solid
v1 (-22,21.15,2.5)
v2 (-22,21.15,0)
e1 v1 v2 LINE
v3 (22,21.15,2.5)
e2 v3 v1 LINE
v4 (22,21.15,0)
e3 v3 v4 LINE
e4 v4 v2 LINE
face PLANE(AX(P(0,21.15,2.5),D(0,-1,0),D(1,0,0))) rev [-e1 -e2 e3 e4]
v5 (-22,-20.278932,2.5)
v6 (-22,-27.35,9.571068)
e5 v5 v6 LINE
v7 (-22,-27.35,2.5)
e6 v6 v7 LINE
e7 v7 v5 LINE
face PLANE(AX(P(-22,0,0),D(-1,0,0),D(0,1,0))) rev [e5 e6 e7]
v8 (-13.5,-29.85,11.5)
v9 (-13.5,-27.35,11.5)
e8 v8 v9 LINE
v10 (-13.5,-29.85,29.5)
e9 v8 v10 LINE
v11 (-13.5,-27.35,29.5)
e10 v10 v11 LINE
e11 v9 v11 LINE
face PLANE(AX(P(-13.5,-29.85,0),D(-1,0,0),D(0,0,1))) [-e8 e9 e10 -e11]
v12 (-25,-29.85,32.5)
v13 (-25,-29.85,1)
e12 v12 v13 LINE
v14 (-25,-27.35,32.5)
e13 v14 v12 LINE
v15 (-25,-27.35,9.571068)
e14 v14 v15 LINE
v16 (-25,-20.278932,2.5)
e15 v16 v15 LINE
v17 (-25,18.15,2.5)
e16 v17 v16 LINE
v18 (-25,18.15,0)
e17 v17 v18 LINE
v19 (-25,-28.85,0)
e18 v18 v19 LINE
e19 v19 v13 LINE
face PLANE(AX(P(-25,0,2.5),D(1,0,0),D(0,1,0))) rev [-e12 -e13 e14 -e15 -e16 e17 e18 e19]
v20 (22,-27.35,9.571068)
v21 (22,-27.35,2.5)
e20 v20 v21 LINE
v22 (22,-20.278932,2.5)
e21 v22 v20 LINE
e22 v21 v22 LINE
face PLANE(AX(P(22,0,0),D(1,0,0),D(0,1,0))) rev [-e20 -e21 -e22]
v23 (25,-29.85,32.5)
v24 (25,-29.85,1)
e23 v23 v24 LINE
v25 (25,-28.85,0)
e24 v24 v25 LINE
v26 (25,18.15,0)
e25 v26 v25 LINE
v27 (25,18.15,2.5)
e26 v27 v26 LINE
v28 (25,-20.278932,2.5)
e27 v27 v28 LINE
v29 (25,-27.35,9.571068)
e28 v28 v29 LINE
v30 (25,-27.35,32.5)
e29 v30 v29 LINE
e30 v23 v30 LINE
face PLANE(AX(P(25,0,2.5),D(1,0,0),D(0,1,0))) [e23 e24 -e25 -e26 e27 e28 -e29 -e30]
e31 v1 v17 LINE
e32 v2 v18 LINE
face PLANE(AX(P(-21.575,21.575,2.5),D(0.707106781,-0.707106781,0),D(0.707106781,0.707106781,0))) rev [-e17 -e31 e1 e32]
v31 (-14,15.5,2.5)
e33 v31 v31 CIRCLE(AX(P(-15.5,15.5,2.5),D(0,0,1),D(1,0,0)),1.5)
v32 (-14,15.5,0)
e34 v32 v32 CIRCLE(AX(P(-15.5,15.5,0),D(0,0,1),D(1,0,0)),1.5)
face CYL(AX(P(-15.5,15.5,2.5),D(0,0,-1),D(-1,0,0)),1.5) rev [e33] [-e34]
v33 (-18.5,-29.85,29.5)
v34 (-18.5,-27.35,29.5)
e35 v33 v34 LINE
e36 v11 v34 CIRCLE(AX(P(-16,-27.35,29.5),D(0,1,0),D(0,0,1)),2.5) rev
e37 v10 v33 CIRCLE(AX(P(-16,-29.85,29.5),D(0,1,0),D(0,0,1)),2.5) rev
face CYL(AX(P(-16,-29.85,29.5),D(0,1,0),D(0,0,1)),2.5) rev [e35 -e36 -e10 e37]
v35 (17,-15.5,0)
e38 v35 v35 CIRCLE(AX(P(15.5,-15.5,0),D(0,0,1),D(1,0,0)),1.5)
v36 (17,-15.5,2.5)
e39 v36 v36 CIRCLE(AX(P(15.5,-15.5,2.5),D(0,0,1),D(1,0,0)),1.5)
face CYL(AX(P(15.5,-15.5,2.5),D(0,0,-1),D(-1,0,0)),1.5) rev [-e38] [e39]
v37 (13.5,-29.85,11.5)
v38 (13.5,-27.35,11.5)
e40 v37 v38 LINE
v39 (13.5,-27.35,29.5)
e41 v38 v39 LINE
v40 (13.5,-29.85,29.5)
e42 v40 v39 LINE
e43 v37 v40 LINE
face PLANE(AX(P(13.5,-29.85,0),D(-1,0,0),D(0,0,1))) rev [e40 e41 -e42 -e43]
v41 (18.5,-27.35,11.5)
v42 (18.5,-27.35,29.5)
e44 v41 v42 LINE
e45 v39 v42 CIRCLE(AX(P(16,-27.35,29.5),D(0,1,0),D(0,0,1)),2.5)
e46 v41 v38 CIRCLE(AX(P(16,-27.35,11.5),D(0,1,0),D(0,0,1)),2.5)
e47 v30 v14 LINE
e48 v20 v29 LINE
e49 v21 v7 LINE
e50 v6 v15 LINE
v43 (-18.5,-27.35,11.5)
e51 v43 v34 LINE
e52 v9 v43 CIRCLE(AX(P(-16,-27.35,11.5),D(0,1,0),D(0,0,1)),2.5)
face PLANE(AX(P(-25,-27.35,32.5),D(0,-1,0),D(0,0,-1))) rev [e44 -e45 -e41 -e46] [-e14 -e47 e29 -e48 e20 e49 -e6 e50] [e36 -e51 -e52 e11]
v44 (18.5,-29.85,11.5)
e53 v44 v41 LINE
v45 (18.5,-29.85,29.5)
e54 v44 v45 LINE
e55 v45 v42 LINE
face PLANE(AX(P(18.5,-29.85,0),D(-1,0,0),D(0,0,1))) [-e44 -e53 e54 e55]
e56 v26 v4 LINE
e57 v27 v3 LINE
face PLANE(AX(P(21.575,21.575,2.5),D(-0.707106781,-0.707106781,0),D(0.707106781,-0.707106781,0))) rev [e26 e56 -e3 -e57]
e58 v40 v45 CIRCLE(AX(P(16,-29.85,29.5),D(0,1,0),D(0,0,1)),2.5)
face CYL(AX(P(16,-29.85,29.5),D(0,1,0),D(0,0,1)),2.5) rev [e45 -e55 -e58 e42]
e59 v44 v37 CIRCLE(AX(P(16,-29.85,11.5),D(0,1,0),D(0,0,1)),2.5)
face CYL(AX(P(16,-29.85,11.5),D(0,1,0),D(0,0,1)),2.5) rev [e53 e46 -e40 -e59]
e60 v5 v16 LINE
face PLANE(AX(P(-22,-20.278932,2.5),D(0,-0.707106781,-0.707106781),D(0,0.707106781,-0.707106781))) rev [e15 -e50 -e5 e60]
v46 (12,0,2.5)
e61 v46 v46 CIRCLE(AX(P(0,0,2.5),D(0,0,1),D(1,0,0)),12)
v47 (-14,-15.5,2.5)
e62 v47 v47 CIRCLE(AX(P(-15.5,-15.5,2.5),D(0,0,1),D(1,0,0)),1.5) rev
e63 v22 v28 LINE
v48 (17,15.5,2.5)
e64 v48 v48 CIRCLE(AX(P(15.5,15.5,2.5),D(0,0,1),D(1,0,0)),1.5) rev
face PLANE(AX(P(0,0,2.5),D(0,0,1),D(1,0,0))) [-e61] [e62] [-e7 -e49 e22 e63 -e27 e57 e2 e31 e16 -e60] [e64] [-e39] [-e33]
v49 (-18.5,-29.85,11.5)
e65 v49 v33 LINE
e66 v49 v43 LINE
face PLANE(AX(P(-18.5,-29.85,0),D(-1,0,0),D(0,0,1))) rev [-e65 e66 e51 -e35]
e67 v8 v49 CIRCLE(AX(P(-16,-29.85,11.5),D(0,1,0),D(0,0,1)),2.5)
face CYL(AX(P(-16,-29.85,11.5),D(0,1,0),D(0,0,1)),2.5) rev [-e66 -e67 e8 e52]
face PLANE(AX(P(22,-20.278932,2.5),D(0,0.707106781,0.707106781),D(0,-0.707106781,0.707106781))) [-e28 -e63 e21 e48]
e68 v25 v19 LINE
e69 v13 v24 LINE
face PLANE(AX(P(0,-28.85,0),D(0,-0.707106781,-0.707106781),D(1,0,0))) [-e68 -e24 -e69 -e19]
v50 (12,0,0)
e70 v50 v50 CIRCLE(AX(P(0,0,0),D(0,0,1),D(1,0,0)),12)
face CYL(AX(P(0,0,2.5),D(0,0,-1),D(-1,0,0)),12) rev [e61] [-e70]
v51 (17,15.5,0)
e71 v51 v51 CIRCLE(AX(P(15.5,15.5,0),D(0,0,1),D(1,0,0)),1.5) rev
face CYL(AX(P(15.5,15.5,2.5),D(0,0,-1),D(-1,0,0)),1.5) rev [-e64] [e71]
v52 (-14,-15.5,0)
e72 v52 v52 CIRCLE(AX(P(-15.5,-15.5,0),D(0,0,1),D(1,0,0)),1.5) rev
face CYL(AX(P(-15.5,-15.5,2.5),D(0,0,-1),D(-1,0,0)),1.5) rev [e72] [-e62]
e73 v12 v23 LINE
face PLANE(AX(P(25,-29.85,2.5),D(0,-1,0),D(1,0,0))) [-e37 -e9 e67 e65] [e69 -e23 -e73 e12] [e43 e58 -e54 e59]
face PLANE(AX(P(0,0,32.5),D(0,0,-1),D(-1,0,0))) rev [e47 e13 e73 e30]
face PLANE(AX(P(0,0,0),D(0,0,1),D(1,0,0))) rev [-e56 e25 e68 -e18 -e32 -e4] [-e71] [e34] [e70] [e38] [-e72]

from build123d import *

# Parameters (mm, degrees)
SKETCH1_R           = 12
SKETCH1_R_2         = 1.5
BOSS_EXTRUDE1_DEPTH = 2.5
BOSS_EXTRUDE2_DEPTH = 2.5
SKETCH3_W           = 50
SKETCH3_H           = 2.5
BOSS_EXTRUDE3_DEPTH = 30
SKETCH4_W           = 5
SKETCH4_H           = 18
CUT_EXTRUDE1_DEPTH  = 3.5
BOSS_EXTRUDE4_DEPTH = 3
CHAMFER1_SIZE       = 1


with BuildPart() as part:
    # Sketch1 → Boss-Extrude1 (new body)
    with BuildSketch(Plane.XY):
        Polygon((25, 18.15), (22, 21.15), (-22, 21.15), (-25, 18.15), (-25, -23.85), (-22, -26.85), (22, -26.85), (25, -23.85), align=None)
        Circle(SKETCH1_R, mode=Mode.SUBTRACT)
        with Locations((-15.5, 15.5)):
            Circle(SKETCH1_R_2, mode=Mode.SUBTRACT)
        with Locations((15.5, 15.5)):
            Circle(SKETCH1_R_2, mode=Mode.SUBTRACT)
        with Locations((-15.5, -15.5)):
            Circle(SKETCH1_R_2, mode=Mode.SUBTRACT)
        with Locations((15.5, -15.5)):
            Circle(SKETCH1_R_2, mode=Mode.SUBTRACT)
    extrude(amount=BOSS_EXTRUDE1_DEPTH)

    # Sketch2 → Boss-Extrude2 (add)
    with BuildSketch(Plane(origin=(0, 0, 0), x_dir=(-1, 0, 0), z_dir=(0, 0, -1))):
        Polygon((-25, -23.85), (-25, -29.85), (25, -29.85), (25, -23.85), (22, -26.85), (-22, -26.85), align=None)
    extrude(amount=-BOSS_EXTRUDE2_DEPTH)

    # Sketch3 → Boss-Extrude3 (add)
    with BuildSketch(Plane.XY.offset(2.5)):
        with Locations((0, -28.6)):
            Rectangle(SKETCH3_W, SKETCH3_H)
    extrude(amount=BOSS_EXTRUDE3_DEPTH)

    # Sketch4 → Cut-Extrude1 (cut, through all)
    with BuildSketch(Plane(origin=(0, -27.35, 0), x_dir=(1, 0, 0), z_dir=(0, 1, 0))):
        with BuildLine():
            Line((13.5, -29.5), (18.5, -29.5))
            ThreePointArc((18.5, -29.5), (16, -32), (13.5, -29.5))
        make_face()
        with Locations((16, -20.5)):
            Rectangle(SKETCH4_W, SKETCH4_H)
        with BuildLine():
            Line((13.5, -11.5), (18.5, -11.5))
            ThreePointArc((18.5, -11.5), (16, -9), (13.5, -11.5))
        make_face()
        with BuildLine():
            Line((-18.5, -11.5), (-13.5, -11.5))
            ThreePointArc((-13.5, -11.5), (-16, -9), (-18.5, -11.5))
        make_face()
        with Locations((-16, -20.5)):
            Rectangle(SKETCH4_W, SKETCH4_H)
        with BuildLine():
            ThreePointArc((-13.5, -29.5), (-16, -32), (-18.5, -29.5))
            Line((-18.5, -29.5), (-13.5, -29.5))
        make_face()
    extrude(amount=-CUT_EXTRUDE1_DEPTH, mode=Mode.SUBTRACT)

    # Sketch5 → Boss-Extrude4 (add)
    with BuildSketch(Plane(origin=(25, 0, 0), x_dir=(0, 0, -1), z_dir=(1, 0, 0))):
        Polygon((-2.5, -27.35), (-2.5, -20.278932188), (-9.571067812, -27.35), align=None)
    boss_extrude4 = extrude(amount=-BOSS_EXTRUDE4_DEPTH)

    # Mirror1: Boss-Extrude4 across plane
    add(boss_extrude4.mirror(Plane(origin=(0, 0, 0), x_dir=(0, 0, 1), z_dir=(1, 0, 0))))

    # Chamfer1
    chamfer1_edges = [part.edges().sort_by_distance(p)[0] for p in [
        (0, -29.85, 0),
    ]]
    chamfer(chamfer1_edges, length=CHAMFER1_SIZE)


solid = part.part
